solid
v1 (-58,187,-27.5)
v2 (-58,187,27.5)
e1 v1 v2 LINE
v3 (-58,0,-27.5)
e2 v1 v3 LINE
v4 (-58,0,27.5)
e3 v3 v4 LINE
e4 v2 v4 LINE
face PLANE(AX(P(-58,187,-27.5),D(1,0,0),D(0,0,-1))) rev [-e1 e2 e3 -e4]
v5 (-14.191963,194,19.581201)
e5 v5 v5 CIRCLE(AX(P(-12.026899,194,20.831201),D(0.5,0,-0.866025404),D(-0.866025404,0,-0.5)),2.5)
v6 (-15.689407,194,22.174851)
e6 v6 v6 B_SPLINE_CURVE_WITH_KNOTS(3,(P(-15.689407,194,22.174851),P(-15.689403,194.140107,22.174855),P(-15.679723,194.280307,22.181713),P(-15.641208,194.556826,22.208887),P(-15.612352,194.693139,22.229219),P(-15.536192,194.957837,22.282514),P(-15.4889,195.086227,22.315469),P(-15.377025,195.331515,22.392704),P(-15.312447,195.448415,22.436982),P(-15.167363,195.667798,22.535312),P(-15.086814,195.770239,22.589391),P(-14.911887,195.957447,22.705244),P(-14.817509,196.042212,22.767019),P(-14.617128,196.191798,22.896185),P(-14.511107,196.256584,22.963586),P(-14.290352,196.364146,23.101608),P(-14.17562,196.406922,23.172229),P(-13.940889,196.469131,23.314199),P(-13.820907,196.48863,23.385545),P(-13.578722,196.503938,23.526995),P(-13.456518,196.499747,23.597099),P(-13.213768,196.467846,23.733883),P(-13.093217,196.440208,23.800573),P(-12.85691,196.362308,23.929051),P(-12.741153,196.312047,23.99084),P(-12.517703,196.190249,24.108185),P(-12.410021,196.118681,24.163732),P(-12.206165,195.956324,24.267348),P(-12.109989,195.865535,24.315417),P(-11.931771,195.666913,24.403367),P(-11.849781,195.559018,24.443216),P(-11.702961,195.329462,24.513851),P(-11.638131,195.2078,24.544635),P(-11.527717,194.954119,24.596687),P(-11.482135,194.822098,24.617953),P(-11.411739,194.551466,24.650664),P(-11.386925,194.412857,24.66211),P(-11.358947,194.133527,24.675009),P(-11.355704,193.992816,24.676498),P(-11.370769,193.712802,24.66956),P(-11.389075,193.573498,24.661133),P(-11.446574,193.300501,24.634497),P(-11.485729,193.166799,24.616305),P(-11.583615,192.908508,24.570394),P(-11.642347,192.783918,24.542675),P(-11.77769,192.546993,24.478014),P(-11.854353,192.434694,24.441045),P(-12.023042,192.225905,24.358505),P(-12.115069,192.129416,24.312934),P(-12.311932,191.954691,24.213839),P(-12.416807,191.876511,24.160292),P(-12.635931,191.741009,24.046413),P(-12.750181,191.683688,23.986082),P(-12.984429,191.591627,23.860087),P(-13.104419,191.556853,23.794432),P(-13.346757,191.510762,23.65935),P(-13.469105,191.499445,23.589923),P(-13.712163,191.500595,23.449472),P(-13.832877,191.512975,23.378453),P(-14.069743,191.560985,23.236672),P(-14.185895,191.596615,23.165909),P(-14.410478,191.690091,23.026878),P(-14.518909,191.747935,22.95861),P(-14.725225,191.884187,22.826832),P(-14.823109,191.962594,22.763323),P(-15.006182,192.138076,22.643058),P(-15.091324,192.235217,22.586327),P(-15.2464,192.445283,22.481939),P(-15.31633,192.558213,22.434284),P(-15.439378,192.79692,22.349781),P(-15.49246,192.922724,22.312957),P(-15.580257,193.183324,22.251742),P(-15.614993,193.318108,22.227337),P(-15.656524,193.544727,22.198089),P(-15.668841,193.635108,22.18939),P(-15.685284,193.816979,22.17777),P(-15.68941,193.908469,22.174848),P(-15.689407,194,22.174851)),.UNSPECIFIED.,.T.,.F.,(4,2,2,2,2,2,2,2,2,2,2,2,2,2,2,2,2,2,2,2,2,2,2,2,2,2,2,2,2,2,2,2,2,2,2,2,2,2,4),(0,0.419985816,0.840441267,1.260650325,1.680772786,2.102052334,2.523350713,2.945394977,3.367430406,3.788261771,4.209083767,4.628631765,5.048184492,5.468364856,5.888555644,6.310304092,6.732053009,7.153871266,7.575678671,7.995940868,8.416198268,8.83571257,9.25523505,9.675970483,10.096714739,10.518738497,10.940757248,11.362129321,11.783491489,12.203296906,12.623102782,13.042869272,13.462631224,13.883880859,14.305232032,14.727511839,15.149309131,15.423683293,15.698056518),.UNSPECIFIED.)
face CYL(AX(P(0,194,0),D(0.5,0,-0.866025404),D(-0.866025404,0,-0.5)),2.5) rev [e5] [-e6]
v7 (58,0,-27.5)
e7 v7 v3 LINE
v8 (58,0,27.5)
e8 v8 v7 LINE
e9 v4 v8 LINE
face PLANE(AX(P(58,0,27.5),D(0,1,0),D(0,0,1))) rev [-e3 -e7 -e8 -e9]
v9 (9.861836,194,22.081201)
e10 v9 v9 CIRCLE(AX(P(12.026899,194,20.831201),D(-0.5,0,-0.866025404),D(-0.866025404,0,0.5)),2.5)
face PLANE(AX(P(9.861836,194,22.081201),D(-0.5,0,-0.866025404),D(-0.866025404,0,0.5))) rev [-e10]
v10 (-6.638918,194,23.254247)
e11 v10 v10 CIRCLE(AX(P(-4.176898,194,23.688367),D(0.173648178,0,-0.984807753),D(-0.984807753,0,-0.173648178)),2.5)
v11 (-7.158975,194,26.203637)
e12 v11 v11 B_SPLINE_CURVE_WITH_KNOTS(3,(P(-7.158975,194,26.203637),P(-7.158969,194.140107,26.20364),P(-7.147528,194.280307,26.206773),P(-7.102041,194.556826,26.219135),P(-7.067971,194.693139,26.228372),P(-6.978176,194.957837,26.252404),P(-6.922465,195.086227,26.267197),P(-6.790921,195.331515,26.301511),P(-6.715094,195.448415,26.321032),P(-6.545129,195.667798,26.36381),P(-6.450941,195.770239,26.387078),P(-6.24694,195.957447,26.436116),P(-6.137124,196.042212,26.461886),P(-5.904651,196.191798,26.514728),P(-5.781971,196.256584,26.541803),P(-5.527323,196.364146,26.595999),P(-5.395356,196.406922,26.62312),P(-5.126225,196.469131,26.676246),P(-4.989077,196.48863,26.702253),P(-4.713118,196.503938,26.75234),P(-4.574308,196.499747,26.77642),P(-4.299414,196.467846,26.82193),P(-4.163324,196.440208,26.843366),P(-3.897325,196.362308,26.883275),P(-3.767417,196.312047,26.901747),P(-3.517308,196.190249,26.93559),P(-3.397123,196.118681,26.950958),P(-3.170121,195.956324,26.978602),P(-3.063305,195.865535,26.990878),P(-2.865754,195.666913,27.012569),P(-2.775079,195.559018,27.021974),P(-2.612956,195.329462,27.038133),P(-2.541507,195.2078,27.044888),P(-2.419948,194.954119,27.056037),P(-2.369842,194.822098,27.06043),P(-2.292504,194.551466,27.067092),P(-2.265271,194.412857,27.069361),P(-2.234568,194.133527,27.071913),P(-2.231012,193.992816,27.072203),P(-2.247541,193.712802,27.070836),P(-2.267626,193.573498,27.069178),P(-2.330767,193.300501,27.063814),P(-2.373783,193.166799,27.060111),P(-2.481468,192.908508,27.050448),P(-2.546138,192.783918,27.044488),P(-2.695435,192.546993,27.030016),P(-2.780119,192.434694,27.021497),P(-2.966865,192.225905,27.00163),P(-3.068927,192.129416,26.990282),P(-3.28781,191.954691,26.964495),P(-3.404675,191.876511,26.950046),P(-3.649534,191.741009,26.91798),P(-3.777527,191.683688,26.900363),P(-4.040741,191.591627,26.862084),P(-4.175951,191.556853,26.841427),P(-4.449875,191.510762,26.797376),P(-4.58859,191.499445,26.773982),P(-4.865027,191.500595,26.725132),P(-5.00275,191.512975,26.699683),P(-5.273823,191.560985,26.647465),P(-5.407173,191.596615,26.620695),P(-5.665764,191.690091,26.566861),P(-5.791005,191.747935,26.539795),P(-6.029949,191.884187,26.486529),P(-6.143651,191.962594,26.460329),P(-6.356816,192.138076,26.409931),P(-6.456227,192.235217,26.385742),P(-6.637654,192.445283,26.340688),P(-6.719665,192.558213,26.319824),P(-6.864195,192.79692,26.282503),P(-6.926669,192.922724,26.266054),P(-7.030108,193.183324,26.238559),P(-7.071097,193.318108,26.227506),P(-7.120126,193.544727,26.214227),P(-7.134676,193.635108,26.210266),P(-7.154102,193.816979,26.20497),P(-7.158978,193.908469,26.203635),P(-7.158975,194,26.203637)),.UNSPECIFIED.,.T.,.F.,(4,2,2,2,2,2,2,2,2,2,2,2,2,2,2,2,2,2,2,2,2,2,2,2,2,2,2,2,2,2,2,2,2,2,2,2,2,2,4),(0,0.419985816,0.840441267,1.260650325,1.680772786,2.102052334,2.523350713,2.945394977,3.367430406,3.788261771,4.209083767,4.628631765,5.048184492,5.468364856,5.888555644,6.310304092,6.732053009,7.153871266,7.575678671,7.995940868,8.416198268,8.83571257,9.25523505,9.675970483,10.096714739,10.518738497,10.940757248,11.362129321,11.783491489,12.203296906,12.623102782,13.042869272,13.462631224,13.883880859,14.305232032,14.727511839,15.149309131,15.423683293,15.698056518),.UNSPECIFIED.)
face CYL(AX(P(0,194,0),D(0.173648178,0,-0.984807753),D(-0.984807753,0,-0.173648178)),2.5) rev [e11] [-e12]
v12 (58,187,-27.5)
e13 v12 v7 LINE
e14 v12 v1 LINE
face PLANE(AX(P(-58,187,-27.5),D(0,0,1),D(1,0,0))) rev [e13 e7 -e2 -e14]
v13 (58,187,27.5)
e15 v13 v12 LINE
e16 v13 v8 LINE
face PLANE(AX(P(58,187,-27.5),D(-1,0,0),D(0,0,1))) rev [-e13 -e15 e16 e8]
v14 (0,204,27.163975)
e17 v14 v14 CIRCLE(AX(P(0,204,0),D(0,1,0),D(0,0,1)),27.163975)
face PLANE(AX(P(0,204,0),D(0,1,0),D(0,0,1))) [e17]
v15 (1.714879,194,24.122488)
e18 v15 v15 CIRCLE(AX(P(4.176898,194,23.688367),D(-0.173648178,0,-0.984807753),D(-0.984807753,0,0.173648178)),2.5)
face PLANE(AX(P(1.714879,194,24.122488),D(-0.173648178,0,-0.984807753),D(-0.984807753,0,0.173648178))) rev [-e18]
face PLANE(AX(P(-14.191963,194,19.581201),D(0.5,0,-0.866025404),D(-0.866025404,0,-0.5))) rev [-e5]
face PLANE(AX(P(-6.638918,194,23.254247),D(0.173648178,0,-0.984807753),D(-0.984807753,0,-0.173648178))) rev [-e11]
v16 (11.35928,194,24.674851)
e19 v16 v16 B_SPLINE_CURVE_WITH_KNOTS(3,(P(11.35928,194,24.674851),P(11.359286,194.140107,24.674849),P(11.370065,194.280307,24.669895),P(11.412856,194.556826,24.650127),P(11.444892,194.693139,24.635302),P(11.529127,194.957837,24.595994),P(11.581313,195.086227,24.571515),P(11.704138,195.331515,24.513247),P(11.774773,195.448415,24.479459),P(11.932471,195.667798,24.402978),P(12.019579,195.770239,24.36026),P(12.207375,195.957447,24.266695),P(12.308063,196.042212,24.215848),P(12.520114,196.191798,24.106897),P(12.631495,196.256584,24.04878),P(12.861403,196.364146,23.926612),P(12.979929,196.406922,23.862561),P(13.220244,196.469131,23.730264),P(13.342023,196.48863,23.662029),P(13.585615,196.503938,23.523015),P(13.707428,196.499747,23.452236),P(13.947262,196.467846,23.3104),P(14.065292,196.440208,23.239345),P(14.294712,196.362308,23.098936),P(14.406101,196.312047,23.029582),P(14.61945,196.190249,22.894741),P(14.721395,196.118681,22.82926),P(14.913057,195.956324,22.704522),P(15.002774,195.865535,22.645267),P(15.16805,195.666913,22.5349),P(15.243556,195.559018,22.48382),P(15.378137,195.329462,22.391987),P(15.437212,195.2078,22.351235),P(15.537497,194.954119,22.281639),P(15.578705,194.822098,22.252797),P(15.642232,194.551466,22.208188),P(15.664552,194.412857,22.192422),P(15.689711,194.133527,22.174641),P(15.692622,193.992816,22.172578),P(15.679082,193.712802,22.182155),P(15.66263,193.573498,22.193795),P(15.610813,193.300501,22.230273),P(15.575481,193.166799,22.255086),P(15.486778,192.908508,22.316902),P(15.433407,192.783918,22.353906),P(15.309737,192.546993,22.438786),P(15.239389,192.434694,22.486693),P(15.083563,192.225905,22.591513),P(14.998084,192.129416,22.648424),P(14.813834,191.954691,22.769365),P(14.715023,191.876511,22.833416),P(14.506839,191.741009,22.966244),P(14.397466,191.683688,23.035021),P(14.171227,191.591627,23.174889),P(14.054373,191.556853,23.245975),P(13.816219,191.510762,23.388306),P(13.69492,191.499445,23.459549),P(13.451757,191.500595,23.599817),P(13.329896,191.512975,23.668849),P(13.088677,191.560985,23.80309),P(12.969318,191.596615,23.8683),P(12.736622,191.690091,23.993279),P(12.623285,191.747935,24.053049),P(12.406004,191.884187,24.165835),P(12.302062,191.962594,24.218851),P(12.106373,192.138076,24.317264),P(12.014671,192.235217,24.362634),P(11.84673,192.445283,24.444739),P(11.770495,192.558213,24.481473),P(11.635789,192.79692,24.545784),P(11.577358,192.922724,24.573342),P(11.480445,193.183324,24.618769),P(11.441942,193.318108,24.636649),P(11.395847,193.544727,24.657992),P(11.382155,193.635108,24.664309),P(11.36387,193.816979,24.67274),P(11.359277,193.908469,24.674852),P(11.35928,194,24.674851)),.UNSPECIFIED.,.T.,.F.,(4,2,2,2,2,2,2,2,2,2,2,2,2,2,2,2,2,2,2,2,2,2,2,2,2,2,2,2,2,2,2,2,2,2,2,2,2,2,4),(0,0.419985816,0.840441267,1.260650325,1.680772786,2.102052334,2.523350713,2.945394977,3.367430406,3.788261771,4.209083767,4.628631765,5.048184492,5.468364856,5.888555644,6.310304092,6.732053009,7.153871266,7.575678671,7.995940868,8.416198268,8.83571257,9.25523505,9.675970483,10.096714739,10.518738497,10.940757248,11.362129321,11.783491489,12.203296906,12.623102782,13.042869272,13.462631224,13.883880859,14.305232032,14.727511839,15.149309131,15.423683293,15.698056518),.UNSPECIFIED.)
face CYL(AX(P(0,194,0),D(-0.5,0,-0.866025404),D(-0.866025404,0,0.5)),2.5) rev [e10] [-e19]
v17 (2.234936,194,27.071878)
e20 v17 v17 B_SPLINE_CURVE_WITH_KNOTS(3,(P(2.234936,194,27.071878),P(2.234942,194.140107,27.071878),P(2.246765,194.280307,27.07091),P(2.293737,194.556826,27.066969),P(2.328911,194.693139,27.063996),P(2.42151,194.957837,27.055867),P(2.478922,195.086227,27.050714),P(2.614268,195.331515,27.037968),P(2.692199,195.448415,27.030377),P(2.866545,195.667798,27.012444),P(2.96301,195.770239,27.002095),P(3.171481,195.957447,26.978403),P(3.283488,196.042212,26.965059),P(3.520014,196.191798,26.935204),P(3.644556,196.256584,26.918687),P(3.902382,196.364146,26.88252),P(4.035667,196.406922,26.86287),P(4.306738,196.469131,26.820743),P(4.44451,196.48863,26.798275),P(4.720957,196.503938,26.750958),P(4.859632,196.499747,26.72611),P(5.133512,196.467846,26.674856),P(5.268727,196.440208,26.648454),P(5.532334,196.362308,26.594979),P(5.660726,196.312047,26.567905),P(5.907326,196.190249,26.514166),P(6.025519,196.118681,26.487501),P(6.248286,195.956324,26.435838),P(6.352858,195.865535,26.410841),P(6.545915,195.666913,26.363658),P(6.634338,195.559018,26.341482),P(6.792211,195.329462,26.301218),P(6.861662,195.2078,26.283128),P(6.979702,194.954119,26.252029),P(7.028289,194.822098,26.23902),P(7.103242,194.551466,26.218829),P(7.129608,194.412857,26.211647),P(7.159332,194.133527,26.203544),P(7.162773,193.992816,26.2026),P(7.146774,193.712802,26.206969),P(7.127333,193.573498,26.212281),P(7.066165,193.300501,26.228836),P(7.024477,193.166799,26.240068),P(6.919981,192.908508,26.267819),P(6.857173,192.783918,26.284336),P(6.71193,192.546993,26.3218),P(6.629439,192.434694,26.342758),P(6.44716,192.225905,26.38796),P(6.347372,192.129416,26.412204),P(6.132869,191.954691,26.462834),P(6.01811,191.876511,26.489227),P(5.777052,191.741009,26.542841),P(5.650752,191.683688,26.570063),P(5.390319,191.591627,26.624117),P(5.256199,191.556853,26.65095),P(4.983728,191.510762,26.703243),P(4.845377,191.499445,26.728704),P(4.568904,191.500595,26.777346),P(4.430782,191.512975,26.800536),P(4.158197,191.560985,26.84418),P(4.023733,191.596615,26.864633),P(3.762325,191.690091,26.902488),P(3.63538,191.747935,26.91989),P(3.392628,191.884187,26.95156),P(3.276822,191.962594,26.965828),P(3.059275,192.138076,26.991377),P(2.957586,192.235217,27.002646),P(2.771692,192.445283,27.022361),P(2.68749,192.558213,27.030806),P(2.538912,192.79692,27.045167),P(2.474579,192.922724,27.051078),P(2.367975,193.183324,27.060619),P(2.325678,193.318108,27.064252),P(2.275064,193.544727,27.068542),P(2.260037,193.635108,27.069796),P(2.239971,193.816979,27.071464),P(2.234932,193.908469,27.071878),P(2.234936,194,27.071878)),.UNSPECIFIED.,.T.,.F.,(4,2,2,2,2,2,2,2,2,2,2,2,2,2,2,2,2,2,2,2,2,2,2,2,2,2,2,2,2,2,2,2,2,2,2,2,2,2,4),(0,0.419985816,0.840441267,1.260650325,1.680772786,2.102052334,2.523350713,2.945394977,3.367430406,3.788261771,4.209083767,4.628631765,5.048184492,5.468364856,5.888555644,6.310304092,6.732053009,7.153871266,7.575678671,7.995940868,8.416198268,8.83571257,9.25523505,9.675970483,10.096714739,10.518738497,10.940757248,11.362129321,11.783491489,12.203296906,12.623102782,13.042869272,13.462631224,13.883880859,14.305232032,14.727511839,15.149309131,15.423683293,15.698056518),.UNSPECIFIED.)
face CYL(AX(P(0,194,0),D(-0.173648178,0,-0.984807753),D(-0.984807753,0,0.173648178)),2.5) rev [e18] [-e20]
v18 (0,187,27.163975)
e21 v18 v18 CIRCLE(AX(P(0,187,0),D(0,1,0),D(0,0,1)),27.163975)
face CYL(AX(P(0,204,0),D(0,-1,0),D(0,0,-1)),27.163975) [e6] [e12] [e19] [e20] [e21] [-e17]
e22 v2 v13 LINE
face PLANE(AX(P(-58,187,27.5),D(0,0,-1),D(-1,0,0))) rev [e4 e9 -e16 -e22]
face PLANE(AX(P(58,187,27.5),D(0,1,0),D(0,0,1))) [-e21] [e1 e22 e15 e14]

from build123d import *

# Parameters (mm, degrees)
SKETCH1_W           = 116
SKETCH1_H           = 55
BOSS_EXTRUDE1_DEPTH = 187
SKETCH2_R           = 27.163974649
BOSS_EXTRUDE2_DEPTH = 17
CIRPATTERN1_COUNT   = 4
CIRPATTERN1_ANGLE   = 60


with BuildPart() as part:
    # Sketch1 → Boss-Extrude1 (new body)
    with BuildSketch(Plane(origin=(0, 0, 0), x_dir=(1, 0, 0), z_dir=(0, 1, 0))):
        Rectangle(SKETCH1_W, SKETCH1_H)
    extrude(amount=BOSS_EXTRUDE1_DEPTH)

    # Sketch2 → Boss-Extrude2 (add)
    with BuildSketch(Plane(origin=(0, 187, 0), x_dir=(1, 0, 0), z_dir=(0, 1, 0))):
        Circle(SKETCH2_R)
    extrude(amount=BOSS_EXTRUDE2_DEPTH)

    # Sketch4 → Cut-Revolve1 (revolve, cut)
    with BuildSketch(Plane(origin=(0, 194, 0), x_dir=(-1, 0, 0), z_dir=(0, 1, 0))):
        Polygon((-14.582777308, 25.258111213), (-12.417713798, 26.508111213), (-9.861835709, 22.081200504), (-12.026899219, 20.831200504), align=None)
    cut_revolve1 = revolve(axis=Axis((0, 194, 0), (0.5, 0, 0.866025404)), mode=Mode.SUBTRACT)

    # CirPattern1: Cut-Revolve1 ×4 about axis
    cirpattern1_axis = Axis((0, 0, 0), (0, -1, 0))
    for i in range(1, CIRPATTERN1_COUNT):
        add(cut_revolve1.rotate(cirpattern1_axis, i * CIRPATTERN1_ANGLE / (CIRPATTERN1_COUNT - 1)), mode=Mode.SUBTRACT)


solid = part.part
